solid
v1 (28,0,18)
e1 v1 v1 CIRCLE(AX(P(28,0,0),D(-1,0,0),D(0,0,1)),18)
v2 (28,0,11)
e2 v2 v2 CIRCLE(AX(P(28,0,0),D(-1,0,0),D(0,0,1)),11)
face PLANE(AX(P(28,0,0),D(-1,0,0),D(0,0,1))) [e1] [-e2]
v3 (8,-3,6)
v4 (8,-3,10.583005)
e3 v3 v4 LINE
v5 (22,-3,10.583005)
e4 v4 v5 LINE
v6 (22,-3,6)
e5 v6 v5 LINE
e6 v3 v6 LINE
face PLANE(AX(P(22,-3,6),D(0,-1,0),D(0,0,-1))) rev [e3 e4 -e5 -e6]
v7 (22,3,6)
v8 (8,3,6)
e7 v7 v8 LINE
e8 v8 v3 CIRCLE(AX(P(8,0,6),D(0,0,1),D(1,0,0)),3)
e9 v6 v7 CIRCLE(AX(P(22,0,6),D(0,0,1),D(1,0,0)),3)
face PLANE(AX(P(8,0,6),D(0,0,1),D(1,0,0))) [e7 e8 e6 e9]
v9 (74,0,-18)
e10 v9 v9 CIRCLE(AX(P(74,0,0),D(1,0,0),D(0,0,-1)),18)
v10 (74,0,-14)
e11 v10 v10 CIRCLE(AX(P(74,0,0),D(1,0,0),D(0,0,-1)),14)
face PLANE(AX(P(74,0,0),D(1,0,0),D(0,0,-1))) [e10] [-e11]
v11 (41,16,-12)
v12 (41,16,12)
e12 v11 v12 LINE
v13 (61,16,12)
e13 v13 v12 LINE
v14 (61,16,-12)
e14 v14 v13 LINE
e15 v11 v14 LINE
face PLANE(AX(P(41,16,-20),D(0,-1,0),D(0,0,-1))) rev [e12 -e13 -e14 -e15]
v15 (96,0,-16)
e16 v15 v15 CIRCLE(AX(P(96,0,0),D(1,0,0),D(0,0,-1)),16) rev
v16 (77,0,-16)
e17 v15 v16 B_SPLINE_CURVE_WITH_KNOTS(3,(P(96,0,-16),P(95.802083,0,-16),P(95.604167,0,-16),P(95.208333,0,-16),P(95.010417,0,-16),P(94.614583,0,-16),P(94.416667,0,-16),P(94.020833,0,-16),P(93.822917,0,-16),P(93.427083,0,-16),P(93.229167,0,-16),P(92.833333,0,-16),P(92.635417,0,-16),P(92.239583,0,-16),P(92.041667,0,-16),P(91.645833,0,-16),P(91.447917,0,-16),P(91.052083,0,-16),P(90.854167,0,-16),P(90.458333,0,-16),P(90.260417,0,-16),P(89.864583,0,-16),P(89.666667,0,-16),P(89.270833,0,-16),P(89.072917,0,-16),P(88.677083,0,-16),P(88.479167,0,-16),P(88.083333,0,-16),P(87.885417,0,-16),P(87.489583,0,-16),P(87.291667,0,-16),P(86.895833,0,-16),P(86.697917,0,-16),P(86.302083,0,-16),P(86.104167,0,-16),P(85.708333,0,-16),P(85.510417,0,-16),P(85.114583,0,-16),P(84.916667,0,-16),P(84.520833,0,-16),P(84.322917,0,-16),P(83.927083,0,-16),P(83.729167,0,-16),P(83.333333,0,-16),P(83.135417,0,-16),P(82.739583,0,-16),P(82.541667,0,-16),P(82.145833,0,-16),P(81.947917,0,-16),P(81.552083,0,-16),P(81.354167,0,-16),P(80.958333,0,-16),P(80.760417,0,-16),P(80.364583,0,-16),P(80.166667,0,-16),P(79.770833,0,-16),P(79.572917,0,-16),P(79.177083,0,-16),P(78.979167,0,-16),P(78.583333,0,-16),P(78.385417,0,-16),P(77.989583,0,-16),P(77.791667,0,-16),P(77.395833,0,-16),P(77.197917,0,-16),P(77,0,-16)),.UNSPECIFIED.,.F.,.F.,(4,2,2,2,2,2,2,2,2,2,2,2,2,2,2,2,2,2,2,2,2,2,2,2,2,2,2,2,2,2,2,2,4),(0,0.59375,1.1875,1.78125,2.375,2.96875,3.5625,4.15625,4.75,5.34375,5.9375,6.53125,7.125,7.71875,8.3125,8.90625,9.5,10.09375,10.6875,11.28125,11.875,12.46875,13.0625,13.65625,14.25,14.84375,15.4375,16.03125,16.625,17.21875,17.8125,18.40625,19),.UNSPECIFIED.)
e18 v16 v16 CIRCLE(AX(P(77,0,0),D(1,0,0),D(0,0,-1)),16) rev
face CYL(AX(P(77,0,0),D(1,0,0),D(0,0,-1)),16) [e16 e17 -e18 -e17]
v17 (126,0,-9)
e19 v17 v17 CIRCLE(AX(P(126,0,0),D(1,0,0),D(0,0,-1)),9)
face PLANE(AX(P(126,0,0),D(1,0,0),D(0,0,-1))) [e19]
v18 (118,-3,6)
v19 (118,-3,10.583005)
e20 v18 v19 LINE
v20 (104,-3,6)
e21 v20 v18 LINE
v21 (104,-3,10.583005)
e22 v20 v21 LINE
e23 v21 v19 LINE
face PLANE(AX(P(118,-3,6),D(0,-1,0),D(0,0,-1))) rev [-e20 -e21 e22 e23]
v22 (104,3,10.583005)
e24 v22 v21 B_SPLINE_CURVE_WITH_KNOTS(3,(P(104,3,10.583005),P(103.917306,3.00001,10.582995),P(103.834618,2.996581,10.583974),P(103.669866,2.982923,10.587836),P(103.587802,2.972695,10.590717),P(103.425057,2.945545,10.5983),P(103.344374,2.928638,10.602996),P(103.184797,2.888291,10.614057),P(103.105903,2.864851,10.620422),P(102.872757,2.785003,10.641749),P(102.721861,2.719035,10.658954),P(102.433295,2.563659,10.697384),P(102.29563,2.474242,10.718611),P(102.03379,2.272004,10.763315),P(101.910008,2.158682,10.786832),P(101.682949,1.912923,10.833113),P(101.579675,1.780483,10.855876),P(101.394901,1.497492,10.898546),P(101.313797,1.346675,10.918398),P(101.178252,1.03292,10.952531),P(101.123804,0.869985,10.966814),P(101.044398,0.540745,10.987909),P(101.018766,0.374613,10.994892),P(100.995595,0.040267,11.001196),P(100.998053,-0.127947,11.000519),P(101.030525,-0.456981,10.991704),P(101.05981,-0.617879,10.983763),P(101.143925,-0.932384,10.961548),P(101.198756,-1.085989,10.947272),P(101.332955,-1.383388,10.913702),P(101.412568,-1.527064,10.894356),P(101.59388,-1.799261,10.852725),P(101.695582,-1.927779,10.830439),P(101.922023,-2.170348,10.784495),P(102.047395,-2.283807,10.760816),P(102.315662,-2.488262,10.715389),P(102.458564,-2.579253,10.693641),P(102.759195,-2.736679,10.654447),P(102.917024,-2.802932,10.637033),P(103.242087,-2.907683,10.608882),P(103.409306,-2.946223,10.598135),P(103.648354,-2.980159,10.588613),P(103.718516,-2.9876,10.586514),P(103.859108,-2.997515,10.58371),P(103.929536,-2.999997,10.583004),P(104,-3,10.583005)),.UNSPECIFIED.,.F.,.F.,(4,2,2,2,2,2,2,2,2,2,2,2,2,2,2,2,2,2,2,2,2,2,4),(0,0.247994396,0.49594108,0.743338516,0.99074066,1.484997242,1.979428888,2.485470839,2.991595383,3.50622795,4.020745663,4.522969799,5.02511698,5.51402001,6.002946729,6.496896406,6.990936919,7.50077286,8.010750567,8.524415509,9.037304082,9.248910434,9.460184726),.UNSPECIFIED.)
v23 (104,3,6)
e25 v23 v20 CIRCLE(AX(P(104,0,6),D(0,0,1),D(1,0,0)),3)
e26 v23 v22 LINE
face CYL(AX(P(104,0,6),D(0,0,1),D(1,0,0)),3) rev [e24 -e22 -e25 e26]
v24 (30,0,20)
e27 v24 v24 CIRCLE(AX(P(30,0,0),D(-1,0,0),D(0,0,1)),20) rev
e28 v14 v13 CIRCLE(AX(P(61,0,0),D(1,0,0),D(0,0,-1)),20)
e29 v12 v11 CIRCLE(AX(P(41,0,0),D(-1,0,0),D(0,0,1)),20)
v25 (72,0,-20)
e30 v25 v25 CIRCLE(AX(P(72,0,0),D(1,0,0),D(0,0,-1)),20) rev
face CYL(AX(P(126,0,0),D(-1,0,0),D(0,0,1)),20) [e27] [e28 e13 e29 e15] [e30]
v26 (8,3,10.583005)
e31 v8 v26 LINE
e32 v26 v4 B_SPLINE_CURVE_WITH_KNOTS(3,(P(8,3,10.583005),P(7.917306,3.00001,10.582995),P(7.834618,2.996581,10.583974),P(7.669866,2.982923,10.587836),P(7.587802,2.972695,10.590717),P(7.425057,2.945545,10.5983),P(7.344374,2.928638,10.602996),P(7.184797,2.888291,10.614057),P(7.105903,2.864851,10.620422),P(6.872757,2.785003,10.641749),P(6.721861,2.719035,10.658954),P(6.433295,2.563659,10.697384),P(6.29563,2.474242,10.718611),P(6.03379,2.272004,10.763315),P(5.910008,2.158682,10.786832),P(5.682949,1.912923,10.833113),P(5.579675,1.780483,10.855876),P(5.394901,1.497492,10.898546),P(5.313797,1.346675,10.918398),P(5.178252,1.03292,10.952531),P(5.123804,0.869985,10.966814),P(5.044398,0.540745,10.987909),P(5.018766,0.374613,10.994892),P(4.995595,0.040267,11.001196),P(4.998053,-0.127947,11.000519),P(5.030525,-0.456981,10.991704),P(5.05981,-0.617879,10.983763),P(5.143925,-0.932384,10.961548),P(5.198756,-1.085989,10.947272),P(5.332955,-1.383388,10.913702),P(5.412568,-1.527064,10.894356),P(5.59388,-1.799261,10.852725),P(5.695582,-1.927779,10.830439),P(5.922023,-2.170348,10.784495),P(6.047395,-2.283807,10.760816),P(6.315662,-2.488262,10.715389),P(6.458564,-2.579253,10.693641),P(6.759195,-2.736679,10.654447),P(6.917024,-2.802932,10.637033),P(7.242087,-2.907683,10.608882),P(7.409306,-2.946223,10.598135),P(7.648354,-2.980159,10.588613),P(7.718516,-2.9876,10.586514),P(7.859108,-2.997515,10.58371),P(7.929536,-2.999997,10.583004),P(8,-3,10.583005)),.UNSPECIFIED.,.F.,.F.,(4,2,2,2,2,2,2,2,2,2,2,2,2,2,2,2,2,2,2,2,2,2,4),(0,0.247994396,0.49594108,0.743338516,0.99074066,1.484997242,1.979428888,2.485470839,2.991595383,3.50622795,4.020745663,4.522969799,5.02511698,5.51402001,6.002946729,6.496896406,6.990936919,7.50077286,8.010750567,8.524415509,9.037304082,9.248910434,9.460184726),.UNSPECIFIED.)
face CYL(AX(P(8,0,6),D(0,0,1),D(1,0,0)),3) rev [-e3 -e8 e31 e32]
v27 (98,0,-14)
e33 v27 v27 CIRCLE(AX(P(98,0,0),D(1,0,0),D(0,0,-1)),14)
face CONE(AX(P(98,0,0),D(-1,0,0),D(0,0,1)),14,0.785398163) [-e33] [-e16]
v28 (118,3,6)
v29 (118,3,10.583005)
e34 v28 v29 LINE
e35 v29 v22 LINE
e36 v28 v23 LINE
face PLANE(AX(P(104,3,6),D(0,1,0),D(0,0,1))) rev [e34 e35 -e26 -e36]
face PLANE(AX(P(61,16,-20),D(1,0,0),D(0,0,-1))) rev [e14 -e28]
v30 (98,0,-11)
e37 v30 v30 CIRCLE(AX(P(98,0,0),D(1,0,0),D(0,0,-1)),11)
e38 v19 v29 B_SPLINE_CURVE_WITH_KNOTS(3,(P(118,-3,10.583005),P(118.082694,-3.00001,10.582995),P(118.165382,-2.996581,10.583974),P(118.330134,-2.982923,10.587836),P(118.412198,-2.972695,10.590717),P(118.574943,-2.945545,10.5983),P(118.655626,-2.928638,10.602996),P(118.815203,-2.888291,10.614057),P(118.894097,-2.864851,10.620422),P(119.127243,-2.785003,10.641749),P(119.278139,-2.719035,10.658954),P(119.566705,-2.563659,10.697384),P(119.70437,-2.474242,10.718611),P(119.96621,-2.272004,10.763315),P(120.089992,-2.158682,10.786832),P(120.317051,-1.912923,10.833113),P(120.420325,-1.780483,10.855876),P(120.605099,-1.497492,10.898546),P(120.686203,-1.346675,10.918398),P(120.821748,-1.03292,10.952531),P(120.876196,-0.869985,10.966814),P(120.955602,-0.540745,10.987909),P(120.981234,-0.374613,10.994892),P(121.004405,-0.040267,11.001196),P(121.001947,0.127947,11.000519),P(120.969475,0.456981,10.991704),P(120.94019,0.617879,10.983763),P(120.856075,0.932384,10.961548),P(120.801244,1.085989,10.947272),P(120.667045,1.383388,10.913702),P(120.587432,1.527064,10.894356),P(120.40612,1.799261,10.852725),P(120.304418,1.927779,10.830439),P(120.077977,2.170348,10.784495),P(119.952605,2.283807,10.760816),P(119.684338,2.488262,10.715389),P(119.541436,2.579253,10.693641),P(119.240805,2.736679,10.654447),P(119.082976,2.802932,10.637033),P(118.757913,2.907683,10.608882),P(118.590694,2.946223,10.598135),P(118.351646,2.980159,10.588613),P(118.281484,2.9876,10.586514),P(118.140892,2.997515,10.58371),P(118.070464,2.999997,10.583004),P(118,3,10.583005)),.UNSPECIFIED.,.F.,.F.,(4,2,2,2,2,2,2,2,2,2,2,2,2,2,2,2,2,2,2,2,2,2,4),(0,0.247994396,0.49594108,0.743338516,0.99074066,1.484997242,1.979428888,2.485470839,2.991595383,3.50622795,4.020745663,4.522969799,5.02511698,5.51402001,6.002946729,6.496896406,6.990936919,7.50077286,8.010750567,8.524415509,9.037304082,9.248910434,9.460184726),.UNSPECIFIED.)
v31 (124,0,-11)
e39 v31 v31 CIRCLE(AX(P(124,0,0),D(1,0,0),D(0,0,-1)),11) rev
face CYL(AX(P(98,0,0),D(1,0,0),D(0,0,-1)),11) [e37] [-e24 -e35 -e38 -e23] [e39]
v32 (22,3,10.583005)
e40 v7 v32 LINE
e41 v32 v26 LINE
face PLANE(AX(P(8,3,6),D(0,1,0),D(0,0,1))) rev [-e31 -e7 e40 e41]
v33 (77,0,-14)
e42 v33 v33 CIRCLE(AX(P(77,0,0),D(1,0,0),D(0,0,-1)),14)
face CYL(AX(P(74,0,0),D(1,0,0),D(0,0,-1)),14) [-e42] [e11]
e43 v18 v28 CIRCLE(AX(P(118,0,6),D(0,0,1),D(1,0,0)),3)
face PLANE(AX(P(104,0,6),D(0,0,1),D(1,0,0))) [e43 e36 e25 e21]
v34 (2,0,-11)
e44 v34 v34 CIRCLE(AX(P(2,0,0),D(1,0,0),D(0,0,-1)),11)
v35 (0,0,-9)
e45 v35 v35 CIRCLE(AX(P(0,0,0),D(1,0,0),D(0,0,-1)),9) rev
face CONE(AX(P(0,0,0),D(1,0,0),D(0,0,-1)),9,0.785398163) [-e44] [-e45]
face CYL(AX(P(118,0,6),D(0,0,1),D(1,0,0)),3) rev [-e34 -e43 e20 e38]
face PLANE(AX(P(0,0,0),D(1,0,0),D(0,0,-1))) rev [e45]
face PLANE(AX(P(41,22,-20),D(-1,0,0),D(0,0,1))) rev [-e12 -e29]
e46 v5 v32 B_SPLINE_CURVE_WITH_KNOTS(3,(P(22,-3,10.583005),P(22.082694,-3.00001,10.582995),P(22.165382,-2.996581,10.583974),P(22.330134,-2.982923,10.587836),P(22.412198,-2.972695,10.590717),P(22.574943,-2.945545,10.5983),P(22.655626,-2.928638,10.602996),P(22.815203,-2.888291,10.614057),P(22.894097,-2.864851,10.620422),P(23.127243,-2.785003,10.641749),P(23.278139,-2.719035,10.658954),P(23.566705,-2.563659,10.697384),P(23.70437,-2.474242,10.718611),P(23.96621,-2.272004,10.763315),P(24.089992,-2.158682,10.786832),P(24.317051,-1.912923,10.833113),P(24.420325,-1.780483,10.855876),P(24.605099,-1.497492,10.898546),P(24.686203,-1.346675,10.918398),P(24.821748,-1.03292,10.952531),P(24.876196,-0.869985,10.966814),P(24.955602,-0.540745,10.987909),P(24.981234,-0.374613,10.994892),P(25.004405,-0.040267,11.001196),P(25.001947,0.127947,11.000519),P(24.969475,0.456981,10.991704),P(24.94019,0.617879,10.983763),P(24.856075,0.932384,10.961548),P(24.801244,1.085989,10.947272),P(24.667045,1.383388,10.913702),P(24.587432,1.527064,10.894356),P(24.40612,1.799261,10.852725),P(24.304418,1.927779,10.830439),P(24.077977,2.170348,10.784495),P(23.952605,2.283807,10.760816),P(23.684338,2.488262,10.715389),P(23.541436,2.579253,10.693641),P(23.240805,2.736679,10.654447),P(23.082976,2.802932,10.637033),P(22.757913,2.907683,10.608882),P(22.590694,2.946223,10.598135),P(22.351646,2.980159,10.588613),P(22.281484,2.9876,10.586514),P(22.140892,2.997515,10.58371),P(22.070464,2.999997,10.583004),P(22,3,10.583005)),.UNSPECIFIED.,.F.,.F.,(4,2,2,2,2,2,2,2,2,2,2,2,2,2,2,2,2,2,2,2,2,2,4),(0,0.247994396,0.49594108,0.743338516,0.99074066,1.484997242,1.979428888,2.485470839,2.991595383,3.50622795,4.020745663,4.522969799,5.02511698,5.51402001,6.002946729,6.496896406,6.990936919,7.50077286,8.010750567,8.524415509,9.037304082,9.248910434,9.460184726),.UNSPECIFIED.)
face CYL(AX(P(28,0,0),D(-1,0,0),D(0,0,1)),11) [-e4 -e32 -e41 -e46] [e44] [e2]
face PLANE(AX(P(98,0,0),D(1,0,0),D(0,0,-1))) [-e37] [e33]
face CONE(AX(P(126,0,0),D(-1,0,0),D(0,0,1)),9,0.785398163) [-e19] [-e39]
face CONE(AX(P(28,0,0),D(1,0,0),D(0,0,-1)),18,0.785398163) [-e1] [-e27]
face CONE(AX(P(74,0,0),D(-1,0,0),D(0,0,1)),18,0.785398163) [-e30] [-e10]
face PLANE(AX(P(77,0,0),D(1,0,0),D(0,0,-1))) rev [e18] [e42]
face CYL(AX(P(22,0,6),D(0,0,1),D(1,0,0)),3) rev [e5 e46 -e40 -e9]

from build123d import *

# Parameters (mm, degrees)
SKETCH1_R               = 20
BOSS_EXTRUDE1_DEPTH     = 126
SKETCH2_OUTSIDE_W       = 69.624
SKETCH2_OUTSIDE_H       = 69.624
SKETCH2_OUTSIDE_R       = 11
CUT_EXTRUDE1_DEPTH      = 28
SKETCH3_OUTSIDE_W       = 69.624
SKETCH3_OUTSIDE_H       = 69.624
SKETCH3_OUTSIDE_R       = 11
CUT_EXTRUDE2_DEPTH      = 28
SKETCH4_OUTSIDE_W       = 69.624
SKETCH4_OUTSIDE_H       = 69.624
SKETCH4_OUTSIDE_R       = 16
CUT_EXTRUDE3_DEPTH      = 21
SKETCH5_OUTSIDE_W       = 69.624
SKETCH5_OUTSIDE_H       = 69.624
SKETCH5_OUTSIDE_R       = 14
CUT_EXTRUDE4_DEPTH      = 3
CHAMFER1_SIZE           = 2
CUT_EXTRUDE5_DEPTH      = 130.135587659
CUT_EXTRUDE5_DEPTH_BACK = 130.135587659
SKETCH6_W               = 20
SKETCH6_H               = 6
CUT_EXTRUDE6_DEPTH      = 5


with BuildPart() as part:
    # Sketch1 → Boss-Extrude1 (new body)
    with BuildSketch(Plane(origin=(0, 0, 0), x_dir=(0, 0, -1), z_dir=(1, 0, 0))):
        Circle(SKETCH1_R)
    extrude(amount=BOSS_EXTRUDE1_DEPTH)

    # Sketch2 outside → Cut-Extrude1 (cut)
    with BuildSketch(Plane.ZY):
        Rectangle(SKETCH2_OUTSIDE_W, SKETCH2_OUTSIDE_H)
        Circle(SKETCH2_OUTSIDE_R, mode=Mode.SUBTRACT)
    extrude(amount=-CUT_EXTRUDE1_DEPTH, mode=Mode.SUBTRACT)

    # Sketch3 outside → Cut-Extrude2 (cut)
    with BuildSketch(Plane(origin=(126, 0, 0), x_dir=(0, 0, -1), z_dir=(1, 0, 0))):
        Rectangle(SKETCH3_OUTSIDE_W, SKETCH3_OUTSIDE_H)
        with Locations(Location((0, 0, 0), (0, 0, 180))):
            Circle(SKETCH3_OUTSIDE_R, mode=Mode.SUBTRACT)
    extrude(amount=-CUT_EXTRUDE2_DEPTH, mode=Mode.SUBTRACT)

    # Sketch4 outside → Cut-Extrude3 (cut)
    with BuildSketch(Plane(origin=(98, 0, 0), x_dir=(0, 0, -1), z_dir=(1, 0, 0))):
        Rectangle(SKETCH4_OUTSIDE_W, SKETCH4_OUTSIDE_H)
        Circle(SKETCH4_OUTSIDE_R, mode=Mode.SUBTRACT)
    extrude(amount=-CUT_EXTRUDE3_DEPTH, mode=Mode.SUBTRACT)

    # Sketch5 outside → Cut-Extrude4 (cut)
    with BuildSketch(Plane(origin=(77, 0, 0), x_dir=(0, 0, -1), z_dir=(1, 0, 0))):
        Rectangle(SKETCH5_OUTSIDE_W, SKETCH5_OUTSIDE_H)
        Circle(SKETCH5_OUTSIDE_R, mode=Mode.SUBTRACT)
    extrude(amount=-CUT_EXTRUDE4_DEPTH, mode=Mode.SUBTRACT)

    # Chamfer1
    chamfer1_edges = [part.edges().sort_by_distance(p)[0] for p in [
        (0, 0, -11),
        (126, 0, -11),
        (98, 0, 16),
        (74, 0, 20),
        (28, 0, 20),
    ]]
    chamfer(chamfer1_edges, length=CHAMFER1_SIZE)

    # Sketch6 → Cut-Extrude5 (cut, two sides: drawn at the far end of the back side and taken through both)
    with BuildSketch(Plane.XY.offset(-CUT_EXTRUDE5_DEPTH_BACK)):
        with Locations((51, 19)):
            Rectangle(SKETCH6_W, SKETCH6_H)
    extrude(amount=CUT_EXTRUDE5_DEPTH + CUT_EXTRUDE5_DEPTH_BACK, mode=Mode.SUBTRACT)

    # Sketch7 → Cut-Extrude6 (cut)
    with BuildSketch(Plane.XY.offset(11)):
        with BuildLine():
            Line((8, 3), (22, 3))
            ThreePointArc((22, 3), (25, 0), (22, -3))
            Line((22, -3), (8, -3))
            ThreePointArc((8, -3), (5, 0), (8, 3))
        make_face()
        with BuildLine():
            Line((104, 3), (118, 3))
            ThreePointArc((118, 3), (121, 0), (118, -3))
            Line((118, -3), (104, -3))
            ThreePointArc((104, -3), (101, 0), (104, 3))
        make_face()
    extrude(amount=-CUT_EXTRUDE6_DEPTH, mode=Mode.SUBTRACT)


solid = part.part
